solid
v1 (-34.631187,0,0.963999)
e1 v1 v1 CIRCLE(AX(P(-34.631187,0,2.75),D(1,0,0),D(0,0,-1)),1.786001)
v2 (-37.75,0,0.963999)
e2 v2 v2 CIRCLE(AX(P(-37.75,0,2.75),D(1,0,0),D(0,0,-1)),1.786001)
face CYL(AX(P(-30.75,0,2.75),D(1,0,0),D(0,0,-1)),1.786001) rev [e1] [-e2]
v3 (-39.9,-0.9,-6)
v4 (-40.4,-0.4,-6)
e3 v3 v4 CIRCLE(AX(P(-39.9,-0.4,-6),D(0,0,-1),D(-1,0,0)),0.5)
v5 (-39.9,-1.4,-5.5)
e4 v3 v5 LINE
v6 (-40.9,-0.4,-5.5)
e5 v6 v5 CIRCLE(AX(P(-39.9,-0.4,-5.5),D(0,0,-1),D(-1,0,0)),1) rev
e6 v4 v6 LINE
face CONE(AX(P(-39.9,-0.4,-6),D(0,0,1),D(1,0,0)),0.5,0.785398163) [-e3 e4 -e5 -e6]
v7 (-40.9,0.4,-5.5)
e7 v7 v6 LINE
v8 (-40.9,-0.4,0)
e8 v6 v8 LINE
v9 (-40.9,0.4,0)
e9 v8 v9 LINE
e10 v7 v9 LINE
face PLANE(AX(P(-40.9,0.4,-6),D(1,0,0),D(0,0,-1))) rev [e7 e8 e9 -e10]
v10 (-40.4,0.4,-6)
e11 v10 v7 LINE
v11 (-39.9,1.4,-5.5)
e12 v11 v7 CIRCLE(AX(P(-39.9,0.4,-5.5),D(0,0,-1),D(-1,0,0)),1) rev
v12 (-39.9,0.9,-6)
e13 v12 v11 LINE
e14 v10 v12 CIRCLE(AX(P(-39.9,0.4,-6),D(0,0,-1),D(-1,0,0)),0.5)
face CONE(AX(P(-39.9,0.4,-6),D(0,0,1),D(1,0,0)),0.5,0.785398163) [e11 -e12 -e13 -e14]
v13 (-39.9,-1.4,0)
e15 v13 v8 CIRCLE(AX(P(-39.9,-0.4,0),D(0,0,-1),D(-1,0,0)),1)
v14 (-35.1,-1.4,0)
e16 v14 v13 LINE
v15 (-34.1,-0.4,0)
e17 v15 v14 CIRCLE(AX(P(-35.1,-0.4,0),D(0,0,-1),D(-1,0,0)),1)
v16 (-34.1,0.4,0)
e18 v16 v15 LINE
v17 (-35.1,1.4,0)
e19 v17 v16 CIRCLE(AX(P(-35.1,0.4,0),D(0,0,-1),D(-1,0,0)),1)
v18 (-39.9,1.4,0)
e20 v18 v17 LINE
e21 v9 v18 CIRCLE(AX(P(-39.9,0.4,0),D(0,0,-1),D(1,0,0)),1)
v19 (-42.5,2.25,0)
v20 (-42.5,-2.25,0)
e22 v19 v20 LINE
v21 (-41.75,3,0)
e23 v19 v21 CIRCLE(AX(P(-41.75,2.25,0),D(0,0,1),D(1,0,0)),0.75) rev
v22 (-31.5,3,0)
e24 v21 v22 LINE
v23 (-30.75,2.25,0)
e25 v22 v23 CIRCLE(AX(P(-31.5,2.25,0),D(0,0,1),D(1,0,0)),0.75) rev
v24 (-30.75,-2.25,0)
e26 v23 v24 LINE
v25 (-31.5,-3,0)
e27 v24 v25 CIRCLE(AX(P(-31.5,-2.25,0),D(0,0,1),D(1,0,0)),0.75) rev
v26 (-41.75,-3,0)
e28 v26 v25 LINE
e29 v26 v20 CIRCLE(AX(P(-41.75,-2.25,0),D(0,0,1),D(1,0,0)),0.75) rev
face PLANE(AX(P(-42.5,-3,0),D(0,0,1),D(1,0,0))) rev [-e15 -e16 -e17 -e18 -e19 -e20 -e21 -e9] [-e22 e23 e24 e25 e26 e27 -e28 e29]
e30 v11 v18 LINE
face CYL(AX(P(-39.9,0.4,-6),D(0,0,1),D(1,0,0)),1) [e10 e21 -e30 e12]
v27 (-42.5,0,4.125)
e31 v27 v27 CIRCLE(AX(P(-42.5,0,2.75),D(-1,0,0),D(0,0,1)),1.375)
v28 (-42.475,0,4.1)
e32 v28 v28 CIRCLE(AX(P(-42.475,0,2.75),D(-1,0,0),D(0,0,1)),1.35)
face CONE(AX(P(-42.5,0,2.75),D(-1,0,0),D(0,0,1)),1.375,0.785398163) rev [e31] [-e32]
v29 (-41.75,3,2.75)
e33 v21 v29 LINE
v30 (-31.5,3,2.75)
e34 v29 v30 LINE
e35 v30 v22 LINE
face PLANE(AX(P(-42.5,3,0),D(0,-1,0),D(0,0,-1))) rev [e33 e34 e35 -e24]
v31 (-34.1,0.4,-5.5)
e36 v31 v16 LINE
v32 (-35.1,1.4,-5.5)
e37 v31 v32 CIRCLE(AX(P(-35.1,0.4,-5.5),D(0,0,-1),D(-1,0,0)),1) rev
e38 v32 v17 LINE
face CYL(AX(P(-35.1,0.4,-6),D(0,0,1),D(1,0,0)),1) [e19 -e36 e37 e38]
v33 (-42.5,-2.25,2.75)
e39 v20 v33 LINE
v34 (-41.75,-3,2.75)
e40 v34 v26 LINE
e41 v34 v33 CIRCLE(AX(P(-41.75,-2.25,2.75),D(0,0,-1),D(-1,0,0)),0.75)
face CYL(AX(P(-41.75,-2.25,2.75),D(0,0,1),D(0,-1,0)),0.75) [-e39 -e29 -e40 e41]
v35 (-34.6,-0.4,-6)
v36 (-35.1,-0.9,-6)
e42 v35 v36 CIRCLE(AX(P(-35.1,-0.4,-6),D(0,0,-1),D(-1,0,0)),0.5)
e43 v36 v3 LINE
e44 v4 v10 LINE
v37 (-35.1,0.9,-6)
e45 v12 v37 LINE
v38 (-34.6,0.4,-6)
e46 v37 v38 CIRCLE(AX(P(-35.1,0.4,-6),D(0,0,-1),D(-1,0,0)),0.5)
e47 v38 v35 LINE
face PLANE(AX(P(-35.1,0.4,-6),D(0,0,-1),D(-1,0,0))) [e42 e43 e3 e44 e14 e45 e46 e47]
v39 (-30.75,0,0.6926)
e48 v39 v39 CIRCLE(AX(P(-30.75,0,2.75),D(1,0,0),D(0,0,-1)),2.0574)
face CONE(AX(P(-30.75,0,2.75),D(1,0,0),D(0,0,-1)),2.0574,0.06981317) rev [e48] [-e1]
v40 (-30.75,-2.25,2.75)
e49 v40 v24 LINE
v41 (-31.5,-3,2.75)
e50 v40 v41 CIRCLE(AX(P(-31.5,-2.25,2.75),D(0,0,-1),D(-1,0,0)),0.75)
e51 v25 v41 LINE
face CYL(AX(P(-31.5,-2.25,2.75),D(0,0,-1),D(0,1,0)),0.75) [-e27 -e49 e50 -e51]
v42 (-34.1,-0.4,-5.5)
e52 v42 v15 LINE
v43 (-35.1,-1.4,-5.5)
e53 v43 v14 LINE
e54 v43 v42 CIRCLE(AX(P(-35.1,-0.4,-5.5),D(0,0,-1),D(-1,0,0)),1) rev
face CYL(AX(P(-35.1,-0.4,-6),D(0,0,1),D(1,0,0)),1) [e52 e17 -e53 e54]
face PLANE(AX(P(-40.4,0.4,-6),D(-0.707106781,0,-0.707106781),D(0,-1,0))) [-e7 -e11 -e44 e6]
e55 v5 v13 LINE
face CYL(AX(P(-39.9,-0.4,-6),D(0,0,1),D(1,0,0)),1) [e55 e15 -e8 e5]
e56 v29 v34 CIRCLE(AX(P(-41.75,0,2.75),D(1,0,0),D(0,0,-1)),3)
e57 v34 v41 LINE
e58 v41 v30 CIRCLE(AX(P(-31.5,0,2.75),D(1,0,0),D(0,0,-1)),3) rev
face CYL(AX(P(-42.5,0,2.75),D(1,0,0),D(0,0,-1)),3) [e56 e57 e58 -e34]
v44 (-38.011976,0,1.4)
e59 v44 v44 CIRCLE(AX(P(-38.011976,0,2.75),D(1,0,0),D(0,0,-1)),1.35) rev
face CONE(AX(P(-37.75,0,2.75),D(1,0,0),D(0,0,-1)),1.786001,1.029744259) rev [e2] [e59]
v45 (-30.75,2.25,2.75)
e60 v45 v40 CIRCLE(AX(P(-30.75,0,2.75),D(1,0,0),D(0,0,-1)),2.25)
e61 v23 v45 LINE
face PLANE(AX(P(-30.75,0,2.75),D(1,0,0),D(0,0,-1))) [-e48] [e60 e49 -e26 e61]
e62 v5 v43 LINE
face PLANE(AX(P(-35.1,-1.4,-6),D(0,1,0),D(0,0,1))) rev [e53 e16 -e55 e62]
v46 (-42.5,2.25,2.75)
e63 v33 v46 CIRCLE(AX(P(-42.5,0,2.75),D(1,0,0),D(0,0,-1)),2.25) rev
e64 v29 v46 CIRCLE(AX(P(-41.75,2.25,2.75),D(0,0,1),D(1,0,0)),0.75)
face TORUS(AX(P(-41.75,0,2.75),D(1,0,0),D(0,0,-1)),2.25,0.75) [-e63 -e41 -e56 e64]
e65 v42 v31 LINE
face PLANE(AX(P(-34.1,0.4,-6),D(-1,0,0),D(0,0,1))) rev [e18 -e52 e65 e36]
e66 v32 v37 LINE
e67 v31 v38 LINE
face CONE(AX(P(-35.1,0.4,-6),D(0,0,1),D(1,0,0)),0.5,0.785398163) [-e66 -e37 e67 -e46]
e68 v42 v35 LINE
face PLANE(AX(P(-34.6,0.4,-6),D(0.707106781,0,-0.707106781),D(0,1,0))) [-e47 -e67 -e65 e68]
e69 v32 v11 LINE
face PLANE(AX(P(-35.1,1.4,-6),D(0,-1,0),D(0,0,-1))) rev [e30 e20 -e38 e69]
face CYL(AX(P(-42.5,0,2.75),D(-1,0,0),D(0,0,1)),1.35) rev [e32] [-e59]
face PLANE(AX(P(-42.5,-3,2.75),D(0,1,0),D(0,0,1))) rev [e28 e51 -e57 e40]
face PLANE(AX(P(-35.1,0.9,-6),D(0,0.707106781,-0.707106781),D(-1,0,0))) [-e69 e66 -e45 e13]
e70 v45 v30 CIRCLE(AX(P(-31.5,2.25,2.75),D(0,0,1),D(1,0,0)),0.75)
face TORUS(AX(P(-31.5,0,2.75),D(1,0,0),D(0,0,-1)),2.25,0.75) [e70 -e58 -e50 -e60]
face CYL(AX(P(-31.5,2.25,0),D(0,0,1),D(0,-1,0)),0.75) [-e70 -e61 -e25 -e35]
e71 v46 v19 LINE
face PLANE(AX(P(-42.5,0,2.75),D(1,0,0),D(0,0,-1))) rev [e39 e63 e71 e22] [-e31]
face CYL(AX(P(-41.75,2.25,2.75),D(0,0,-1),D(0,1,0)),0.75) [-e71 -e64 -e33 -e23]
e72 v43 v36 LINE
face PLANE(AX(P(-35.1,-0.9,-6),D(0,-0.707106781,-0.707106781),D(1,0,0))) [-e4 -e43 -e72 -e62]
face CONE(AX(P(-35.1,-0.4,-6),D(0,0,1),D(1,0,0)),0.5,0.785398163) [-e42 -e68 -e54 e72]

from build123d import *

# Parameters (mm, degrees)
BODY_START                       = 1.25
BODY_DEPTH                       = 11.75
PEG_DEPTH                        = 6
CHAMFER1_SIZE                    = 0.5
M2_5_CLEARANCE_HOLE1_D           = 2.7
M2_5_CLEARANCE_HOLE1_CSINK_D     = 2.75
M2_5_CLEARANCE_HOLE1_CSINK_ANGLE = 90
FILLET3_R                        = 0.75


with BuildPart() as part:
    # Sketch2 → body (new body)
    with BuildSketch(Plane.ZY.offset(29.5).offset(BODY_START)):
        with BuildLine():
            Line((2.75, -3), (0, -3))
            Line((0, -3), (0, 3))
            Line((0, 3), (2.75, 3))
            ThreePointArc((2.75, 3), (5.75, 0), (2.75, -3))
        make_face()
    extrude(amount=BODY_DEPTH)

    # Sketch3 → peg (add)
    with BuildSketch(Plane(origin=(0, 0, 0), x_dir=(-1, 0, 0), z_dir=(0, 0, -1))):
        with BuildLine():
            Line((35.1, 1.4), (39.9, 1.4))
            ThreePointArc((39.9, 1.4), (40.607106781, 1.107106781), (40.9, 0.4))
            Line((40.9, 0.4), (40.9, -0.4))
            ThreePointArc((40.9, -0.4), (40.607106781, -1.107106781), (39.9, -1.4))
            Line((39.9, -1.4), (35.1, -1.4))
            ThreePointArc((35.1, -1.4), (34.392893219, -1.107106781), (34.1, -0.4))
            Line((34.1, -0.4), (34.1, 0.4))
            ThreePointArc((34.1, 0.4), (34.392893219, 1.107106781), (35.1, 1.4))
        make_face()
    extrude(amount=PEG_DEPTH)

    # Chamfer1
    chamfer1_edges = [part.edges().sort_by_distance(p)[0] for p in [
        (-34.392893219, 1.107106781, -6),
        (-34.1, 0, -6),
        (-34.392893219, -1.107106781, -6),
        (-37.5, -1.4, -6),
        (-40.607106781, -1.107106781, -6),
        (-40.9, 0, -6),
        (-40.607106781, 1.107106781, -6),
        (-37.5, 1.4, -6),
    ]]
    chamfer(chamfer1_edges, length=CHAMFER1_SIZE)

    # Sketch5 → 9/64 (0.14063) Diameter Hole1 (revolve, cut)
    with BuildSketch(Plane(origin=(-30.75, 0, 2.75), x_dir=(0, 0, -1), z_dir=(0, 1, 0))):
        Polygon((0, 0), (0, 8.073137666), (1.786001, 7), (1.786001, 3.881186521), (2.0574, 0), align=None)
    revolve(axis=Axis((-24.4, 0, 2.75), (-1, 0, 0)), mode=Mode.SUBTRACT)

    # M2.5 Clearance Hole1 (through all)
    with Locations(Plane.ZY.offset(42.5)):
        with Locations((2.75, 0)):
            CounterSinkHole(M2_5_CLEARANCE_HOLE1_D / 2, M2_5_CLEARANCE_HOLE1_CSINK_D / 2, counter_sink_angle=M2_5_CLEARANCE_HOLE1_CSINK_ANGLE)

    # Fillet3
    fillet3_edges = [part.edges().sort_by_distance(p)[0] for p in [
        (-42.5, -3, 1.375),
        (-42.5, 0, 5.75),
        (-30.75, -3, 1.375),
        (-30.75, 3, 1.375),
        (-30.75, 0, 5.75),
        (-42.5, 3, 1.375),
    ]]
    fillet(fillet3_edges, radius=FILLET3_R)


solid = part.part
